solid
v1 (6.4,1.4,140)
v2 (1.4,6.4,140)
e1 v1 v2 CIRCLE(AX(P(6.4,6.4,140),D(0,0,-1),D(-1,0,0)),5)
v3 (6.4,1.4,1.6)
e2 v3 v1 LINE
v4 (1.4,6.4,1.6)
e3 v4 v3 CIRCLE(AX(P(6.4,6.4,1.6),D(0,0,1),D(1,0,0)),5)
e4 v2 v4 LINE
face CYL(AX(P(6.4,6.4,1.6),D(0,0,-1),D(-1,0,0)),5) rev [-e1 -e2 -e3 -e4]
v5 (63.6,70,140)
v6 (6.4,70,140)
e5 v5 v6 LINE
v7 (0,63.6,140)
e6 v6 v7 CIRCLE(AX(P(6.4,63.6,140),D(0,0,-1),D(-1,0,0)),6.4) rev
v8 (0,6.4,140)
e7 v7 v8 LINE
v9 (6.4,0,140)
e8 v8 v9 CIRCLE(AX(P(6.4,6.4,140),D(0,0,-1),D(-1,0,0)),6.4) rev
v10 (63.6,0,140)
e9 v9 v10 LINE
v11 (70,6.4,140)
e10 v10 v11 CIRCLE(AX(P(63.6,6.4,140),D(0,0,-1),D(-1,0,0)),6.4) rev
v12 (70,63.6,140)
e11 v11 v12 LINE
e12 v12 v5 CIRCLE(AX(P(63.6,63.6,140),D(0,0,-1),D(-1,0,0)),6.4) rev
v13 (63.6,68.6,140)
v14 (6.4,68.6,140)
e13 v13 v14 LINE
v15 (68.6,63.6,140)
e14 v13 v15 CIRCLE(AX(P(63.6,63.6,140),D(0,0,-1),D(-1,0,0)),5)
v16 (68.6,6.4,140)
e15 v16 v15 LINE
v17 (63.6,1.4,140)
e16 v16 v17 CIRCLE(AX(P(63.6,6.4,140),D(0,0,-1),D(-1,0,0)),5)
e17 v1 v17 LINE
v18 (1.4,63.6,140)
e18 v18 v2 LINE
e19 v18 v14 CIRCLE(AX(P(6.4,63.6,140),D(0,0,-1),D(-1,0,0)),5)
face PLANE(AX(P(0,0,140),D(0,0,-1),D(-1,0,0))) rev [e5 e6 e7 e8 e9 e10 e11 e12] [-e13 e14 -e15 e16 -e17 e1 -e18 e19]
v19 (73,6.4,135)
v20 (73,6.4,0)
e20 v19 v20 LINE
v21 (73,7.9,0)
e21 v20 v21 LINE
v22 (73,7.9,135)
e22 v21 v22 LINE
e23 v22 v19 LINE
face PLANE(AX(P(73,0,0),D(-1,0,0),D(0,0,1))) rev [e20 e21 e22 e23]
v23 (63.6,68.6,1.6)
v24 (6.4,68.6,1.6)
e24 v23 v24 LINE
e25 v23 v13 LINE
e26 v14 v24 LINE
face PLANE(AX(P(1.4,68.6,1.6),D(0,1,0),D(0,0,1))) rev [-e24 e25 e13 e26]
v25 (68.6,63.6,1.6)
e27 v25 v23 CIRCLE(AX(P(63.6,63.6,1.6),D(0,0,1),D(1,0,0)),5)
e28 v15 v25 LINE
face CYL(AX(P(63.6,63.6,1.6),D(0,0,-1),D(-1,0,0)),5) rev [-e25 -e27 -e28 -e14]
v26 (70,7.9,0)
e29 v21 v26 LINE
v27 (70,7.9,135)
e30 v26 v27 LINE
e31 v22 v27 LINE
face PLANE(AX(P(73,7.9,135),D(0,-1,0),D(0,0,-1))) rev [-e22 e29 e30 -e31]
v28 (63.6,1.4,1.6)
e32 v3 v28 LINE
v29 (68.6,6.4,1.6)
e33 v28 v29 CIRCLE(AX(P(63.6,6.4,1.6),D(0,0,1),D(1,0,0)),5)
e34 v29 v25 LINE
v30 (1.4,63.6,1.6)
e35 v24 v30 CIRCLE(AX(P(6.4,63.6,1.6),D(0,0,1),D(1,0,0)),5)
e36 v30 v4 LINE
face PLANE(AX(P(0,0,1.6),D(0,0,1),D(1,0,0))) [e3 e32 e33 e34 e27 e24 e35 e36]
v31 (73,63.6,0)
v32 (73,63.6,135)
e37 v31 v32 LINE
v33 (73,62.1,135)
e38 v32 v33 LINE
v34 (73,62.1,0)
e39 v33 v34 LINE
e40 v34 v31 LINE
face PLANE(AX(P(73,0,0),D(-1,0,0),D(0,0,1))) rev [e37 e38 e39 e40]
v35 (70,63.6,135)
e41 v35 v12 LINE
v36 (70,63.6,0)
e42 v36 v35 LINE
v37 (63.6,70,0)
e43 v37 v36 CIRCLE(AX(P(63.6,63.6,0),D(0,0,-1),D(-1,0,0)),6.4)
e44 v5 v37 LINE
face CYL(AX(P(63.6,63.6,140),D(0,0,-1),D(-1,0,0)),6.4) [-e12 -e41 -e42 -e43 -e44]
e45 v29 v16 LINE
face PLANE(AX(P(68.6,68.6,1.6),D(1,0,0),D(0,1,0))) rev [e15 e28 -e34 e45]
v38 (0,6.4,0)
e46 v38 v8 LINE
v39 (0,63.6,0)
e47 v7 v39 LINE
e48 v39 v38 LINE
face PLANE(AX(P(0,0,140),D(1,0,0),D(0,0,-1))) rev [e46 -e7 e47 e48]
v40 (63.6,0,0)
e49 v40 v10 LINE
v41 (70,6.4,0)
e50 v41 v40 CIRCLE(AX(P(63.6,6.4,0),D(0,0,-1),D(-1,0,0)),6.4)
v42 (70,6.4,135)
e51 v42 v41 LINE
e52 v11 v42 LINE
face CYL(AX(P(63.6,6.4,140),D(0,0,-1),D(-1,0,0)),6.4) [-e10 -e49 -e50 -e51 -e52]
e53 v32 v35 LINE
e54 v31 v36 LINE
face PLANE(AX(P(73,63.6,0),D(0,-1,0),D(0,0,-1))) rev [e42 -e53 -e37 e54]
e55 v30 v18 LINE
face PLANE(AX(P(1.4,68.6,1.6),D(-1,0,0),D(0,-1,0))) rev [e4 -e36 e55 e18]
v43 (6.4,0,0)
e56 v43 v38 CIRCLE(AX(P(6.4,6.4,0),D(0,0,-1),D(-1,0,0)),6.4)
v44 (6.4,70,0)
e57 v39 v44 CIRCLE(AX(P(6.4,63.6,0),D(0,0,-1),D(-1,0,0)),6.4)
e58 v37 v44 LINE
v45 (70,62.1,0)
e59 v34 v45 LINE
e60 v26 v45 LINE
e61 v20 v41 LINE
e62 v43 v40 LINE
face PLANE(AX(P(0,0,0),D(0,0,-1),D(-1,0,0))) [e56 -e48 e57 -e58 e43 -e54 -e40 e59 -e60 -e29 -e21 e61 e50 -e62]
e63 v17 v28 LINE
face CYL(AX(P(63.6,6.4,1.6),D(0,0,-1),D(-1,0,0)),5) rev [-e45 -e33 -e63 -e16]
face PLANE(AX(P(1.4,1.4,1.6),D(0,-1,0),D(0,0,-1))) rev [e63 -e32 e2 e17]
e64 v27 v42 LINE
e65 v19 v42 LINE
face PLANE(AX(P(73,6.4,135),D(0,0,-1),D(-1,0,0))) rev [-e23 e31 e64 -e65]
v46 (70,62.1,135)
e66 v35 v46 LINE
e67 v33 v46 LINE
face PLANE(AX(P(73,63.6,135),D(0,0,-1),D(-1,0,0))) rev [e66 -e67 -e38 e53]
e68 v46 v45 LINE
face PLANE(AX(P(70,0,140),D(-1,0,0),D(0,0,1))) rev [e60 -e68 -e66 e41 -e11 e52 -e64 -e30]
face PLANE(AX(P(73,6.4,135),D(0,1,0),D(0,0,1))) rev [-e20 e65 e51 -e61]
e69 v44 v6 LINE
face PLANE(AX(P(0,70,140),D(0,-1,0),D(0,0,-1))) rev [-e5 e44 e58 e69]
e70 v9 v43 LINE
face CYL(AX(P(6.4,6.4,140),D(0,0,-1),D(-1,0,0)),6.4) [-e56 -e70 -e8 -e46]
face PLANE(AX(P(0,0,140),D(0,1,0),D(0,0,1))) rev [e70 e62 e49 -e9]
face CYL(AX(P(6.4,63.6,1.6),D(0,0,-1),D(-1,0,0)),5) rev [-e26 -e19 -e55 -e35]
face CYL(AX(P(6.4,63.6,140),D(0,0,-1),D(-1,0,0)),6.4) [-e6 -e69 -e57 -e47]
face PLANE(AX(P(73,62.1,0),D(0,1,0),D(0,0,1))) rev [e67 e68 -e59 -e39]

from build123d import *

# Parameters (mm, degrees)
SKETCH1_W           = 70
SKETCH1_H           = 70
BOSS_EXTRUDE1_DEPTH = 140
SKETCH2_W           = 67.2
SKETCH2_H           = 67.2
CUT_EXTRUDE1_DEPTH  = 138.4
FILLET1_R           = 5
FILLET2_R           = 6.4
SKETCH3_W           = 135
SKETCH3_H           = 1.5
BOSS_EXTRUDE2_DEPTH = 3


with BuildPart() as part:
    # Sketch1 → Boss-Extrude1 (new body)
    with BuildSketch(Plane.XY):
        with Locations((35, 35)):
            Rectangle(SKETCH1_W, SKETCH1_H)
    extrude(amount=BOSS_EXTRUDE1_DEPTH)

    # Sketch2 → Cut-Extrude1 (cut)
    with BuildSketch(Plane.XY.offset(140)):
        with Locations((35, 35)):
            Rectangle(SKETCH2_W, SKETCH2_H)
    extrude(amount=-CUT_EXTRUDE1_DEPTH, mode=Mode.SUBTRACT)

    # Fillet1
    fillet1_edges = [part.edges().sort_by_distance(p)[0] for p in [
        (1.4, 1.4, 70.8),
        (1.4, 68.6, 70.8),
        (68.6, 68.6, 70.8),
        (68.6, 1.4, 70.8),
    ]]
    fillet(fillet1_edges, radius=FILLET1_R)

    # Fillet2
    fillet2_edges = [part.edges().sort_by_distance(p)[0] for p in [
        (0, 70, 70),
        (70, 70, 70),
        (70, 0, 70),
        (0, 0, 70),
    ]]
    fillet(fillet2_edges, radius=FILLET2_R)

    # Sketch3 → Boss-Extrude2 (add)
    with BuildSketch(Plane(origin=(70, 0, 0), x_dir=(0, 0, -1), z_dir=(1, 0, 0))):
        with Locations((-67.5, 7.15)):
            Rectangle(SKETCH3_W, SKETCH3_H)
        with Locations((-67.5, 62.85)):
            Rectangle(SKETCH3_W, SKETCH3_H)
    extrude(amount=BOSS_EXTRUDE2_DEPTH)


solid = part.part
